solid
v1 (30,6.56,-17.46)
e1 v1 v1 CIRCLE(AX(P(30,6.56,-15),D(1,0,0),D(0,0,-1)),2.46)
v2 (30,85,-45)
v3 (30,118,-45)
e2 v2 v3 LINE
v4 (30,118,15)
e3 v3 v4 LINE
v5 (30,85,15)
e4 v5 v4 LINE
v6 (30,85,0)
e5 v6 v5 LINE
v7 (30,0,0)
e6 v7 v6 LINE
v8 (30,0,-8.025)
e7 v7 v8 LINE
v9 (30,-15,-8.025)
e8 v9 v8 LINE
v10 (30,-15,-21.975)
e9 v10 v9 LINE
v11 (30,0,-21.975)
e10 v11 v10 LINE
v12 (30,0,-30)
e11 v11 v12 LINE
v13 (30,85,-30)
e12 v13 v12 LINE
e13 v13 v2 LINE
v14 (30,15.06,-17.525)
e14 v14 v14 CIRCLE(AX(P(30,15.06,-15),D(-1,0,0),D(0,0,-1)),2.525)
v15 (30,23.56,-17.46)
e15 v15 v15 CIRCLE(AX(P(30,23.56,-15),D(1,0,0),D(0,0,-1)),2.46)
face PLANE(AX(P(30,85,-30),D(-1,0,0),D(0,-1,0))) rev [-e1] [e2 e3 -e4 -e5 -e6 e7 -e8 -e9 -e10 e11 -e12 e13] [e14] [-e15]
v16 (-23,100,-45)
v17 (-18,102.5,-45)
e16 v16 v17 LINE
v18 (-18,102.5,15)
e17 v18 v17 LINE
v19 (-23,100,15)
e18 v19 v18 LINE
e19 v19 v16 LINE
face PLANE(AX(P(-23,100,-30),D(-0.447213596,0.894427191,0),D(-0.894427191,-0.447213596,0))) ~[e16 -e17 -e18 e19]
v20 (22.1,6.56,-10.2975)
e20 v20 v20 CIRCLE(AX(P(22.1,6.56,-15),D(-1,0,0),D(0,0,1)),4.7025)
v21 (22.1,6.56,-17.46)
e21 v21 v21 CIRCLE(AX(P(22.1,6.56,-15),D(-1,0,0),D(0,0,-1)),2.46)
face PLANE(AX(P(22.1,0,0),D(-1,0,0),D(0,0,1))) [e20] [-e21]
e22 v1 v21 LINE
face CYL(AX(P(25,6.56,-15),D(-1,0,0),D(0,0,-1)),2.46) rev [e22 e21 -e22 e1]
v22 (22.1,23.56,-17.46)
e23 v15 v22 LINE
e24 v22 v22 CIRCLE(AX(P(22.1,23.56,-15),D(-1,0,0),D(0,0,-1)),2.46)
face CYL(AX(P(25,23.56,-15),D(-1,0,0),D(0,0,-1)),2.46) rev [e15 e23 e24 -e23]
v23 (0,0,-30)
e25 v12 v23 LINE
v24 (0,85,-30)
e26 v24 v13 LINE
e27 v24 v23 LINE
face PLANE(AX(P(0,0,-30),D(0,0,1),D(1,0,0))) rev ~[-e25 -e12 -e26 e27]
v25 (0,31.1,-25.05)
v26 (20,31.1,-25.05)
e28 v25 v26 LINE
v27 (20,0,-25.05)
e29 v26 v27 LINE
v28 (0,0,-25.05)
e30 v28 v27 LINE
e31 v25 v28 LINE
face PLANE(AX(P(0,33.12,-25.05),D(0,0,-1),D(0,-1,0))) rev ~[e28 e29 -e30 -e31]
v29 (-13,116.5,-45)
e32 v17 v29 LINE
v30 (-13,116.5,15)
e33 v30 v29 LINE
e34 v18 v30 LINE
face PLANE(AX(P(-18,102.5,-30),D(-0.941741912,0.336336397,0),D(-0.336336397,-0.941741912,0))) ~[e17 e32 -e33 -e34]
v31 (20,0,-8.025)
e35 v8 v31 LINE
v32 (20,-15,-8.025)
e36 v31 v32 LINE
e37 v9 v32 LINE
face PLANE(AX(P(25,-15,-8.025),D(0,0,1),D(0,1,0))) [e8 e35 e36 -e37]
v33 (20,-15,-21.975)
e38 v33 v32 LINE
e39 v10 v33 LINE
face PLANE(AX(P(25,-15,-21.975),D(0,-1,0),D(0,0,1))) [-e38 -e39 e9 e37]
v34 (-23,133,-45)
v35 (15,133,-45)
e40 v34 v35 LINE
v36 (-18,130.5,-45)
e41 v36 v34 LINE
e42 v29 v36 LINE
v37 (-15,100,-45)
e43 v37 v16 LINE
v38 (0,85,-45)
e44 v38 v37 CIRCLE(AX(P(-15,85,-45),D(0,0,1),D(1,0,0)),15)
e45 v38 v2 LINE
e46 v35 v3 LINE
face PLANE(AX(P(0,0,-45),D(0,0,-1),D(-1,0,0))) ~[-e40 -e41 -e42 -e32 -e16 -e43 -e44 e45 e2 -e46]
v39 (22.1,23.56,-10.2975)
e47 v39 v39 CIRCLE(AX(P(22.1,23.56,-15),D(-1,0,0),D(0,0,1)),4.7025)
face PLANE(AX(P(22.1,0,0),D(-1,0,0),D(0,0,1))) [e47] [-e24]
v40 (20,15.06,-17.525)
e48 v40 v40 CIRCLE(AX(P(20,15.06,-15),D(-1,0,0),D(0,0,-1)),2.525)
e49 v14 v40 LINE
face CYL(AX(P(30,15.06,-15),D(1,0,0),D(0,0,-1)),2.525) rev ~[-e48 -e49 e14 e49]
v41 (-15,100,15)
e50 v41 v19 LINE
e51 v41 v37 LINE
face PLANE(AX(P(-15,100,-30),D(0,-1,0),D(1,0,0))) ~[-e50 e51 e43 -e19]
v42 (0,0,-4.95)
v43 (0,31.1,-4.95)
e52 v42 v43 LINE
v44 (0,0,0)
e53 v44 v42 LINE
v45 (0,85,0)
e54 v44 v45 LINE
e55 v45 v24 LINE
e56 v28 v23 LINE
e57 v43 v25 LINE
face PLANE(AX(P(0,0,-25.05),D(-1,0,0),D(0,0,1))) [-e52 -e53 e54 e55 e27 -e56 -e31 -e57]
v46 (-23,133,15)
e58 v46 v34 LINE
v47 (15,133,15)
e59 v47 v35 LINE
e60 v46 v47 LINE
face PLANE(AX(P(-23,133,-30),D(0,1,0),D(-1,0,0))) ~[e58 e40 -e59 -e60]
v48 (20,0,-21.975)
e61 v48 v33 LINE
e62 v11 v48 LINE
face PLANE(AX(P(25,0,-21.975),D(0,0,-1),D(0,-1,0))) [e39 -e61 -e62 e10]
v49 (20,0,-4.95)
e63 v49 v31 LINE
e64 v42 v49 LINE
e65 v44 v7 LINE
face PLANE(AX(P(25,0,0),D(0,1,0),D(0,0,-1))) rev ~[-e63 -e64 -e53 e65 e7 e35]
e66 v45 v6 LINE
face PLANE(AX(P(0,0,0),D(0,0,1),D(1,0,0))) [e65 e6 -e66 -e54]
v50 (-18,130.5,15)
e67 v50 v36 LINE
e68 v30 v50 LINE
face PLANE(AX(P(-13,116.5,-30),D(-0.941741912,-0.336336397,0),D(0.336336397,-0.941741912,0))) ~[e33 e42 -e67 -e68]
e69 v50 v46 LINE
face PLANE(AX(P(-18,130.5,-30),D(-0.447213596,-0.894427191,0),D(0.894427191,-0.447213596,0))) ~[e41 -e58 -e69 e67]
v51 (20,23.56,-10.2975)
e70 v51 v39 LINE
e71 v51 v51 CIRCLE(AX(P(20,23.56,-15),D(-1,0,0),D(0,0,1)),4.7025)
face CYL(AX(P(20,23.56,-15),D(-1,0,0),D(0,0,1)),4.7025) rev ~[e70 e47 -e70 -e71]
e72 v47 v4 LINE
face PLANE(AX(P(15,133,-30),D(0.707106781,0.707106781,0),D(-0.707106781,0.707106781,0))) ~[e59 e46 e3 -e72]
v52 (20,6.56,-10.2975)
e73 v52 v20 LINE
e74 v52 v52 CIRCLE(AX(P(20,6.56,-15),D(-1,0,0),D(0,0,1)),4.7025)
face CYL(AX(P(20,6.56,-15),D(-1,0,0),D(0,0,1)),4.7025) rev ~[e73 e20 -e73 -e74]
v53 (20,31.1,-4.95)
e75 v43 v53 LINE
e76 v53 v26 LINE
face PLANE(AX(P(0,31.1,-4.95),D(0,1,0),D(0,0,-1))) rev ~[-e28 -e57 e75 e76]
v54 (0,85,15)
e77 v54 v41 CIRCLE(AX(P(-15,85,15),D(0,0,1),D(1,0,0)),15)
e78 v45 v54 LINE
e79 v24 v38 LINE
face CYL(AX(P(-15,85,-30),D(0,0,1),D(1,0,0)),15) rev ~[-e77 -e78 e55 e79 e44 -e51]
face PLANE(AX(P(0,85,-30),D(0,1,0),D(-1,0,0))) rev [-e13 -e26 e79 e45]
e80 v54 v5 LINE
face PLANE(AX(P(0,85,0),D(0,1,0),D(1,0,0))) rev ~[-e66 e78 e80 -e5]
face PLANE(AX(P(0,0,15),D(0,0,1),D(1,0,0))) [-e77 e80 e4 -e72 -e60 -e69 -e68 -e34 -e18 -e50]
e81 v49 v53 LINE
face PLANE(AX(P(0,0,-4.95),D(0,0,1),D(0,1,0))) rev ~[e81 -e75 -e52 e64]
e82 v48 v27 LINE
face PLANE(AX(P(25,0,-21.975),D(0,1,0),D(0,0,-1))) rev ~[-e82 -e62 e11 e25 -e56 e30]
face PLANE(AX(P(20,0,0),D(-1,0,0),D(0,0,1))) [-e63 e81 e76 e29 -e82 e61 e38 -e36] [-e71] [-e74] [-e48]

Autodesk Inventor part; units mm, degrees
ref_plane "YZ Plane" through (0, 0, 0) normal (1, 0, 0) x (0, 1, 0)
ref_plane "XZ Plane" through (0, 0, 0) normal (0, 1, 0) x (-1, 0, 0)
sketch "Sketch1" plane through (0, 0, 0) normal (0, 0, 1) x (1, 0, 0)
  line L0 (0, 0) -> (25, 0)
  line L1 (25, 0) -> (25, 40)
  line L2 (25, 40) -> (0, 40)
  line L3 (0, 40) -> (0, 0)
  dimension "d1" = 25
  dimension "d2" = 40
  dimension "d3" = 25
extrude "Extrusion1" add sketch "Sketch1" against normal blind 30
sketch "Sketch2" plane through (25, 0, 0) normal (1, 0, 0) x (0, 0, -1)
  line L0 (0, 0) -> (30, 0) projected
  circle A0 centre (15, 6.56) radius 2.46
extrude "Extrusion2" cut sketch "Sketch2" against normal blind 30
sketch "Sketch3" plane through (0, 0, 0) normal (-1, 0, 0) x (0, 0, 1)
  line L0 (0, 0) -> (-30, 0) projected
  line L1 (-25.05, 0) -> (-4.95, 0)
  line L2 (-4.95, 0) -> (-4.95, 33.12)
  line L3 (-4.95, 33.12) -> (-25.05, 33.12)
  line L4 (-25.05, 33.12) -> (-25.05, 0)
  dimension "d11" = 20.1
extrude "Extrusion3" cut sketch "Sketch3" against normal blind 20
sketch "Sketch4" plane through (0, 0, 0) normal (0, -1, 0) x (1, 0, 0)
  line L0 (20, -4.95) -> (20, -25.05) projected
  line L1 (20, -15) -> (25, -15)
  line L2 (25, 0) -> (25, -30) projected
  line L3 (20, -8.025) -> (25, -8.025)
  line L4 (25, -8.025) -> (25, -21.975)
  line L5 (25, -21.975) -> (20, -21.975)
  line L6 (20, -21.975) -> (20, -8.025)
  line L7 (20, -8.025) -> (25, -21.975) construction
  line L8 (25, -8.025) -> (20, -21.975) construction
  line L9 (25, -12.54) -> (25, -17.46) projected
  point P0 (0, 0)
  point P1 (22.5, -15)
  dimension "d14" = 13.95
extrude "Extrusion4" add sketch "Sketch4" along normal blind 15
sketch "Sketch5" plane through (20, 0, 0) normal (-1, 0, 0) x (0, 0, 1)
  circle A0 centre (-15, 6.56) radius 2.46 projected
  circle A1 centre (-15, 6.56) radius 4.7025
  circle A2 centre (-15, 6.56) radius 2.46 projected
  circle A3 centre (-15, 6.56) radius 2.46
  point P0 (0, 0)
  dimension "d17" = 9.405
extrude "Extrusion5" cut sketch "Sketch5" against normal blind 2.1
sketch "Sketch6" plane through (25, 0, 0) normal (1, 0, 0) x (0, 0, -1)
  circle A0 centre (15, 6.56) radius 4.7025 projected
  line L0 (15, 6.56) -> (15, 23.56)
  circle A1 centre (15, 23.56) radius 2.46
  point P0 (0, 0)
  dimension "d20" = 17
  dimension "d21" = 4.92
extrude "Extrusion6" cut sketch "Sketch6" against normal blind 10 contours A1
sketch "Sketch7" plane through (20, 0, 0) normal (-1, 0, 0) x (0, 0, 1)
  circle A0 centre (-15, 23.56) radius 2.46 projected
  circle A1 centre (-15, 23.56) radius 4.7025
  point P0 (0, 0)
  dimension "d24" = 9.405
extrude "Extrusion7" cut sketch "Sketch7" against normal blind 2.1
sketch "Sketch9" plane through (25, 0, 0) normal (1, 0, 0) x (0, 0, -1)
  circle A0 centre (15, 6.56) radius 2.46 projected
  circle A1 centre (15, 6.56) radius 2.46
  circle A2 centre (15, 23.56) radius 2.46 projected
  circle A3 centre (15, 23.56) radius 2.46
  line L0 (30, 40) -> (30, 0) projected
  line L1 (30, 0) -> (30, 40)
  line L2 (30, 40) -> (0, 40)
  line L3 (0, 40) -> (0, 0)
  line L4 (0, 0) -> (8.025, 0) projected
  line L5 (21.975, 0) -> (21.975, -15)
  line L6 (21.975, -15) -> (8.025, -15)
  line L7 (8.025, -15) -> (8.025, 0)
  line L8 (0, 0) -> (8.025, 0)
  line L9 (21.975, 0) -> (30, 0)
extrude "Extrusion8" add sketch "Sketch9" along normal blind 5
sketch "Sketch10" plane through (0, 40, 0) normal (0, 1, 0) x (1, 0, 0)
  line L0 (0, 30) -> (30, 30) projected
  line L1 (30, 0) -> (0, 0) projected
  line L2 (0, 30) -> (30, 30)
  line L3 (30, 30) -> (30, 0)
  line L4 (30, 0) -> (0, 0)
  line L5 (0, 0) -> (0, 30)
extrude "Extrusion9" add sketch "Sketch10" along normal blind 30
sketch "Sketch12" plane through (30, 0, 0) normal (1, 0, 0) x (0, 0, -1)
  circle A0 centre (15, 6.56) radius 2.46 projected
  line L0 (15, 6.56) -> (15, 15.06)
  circle A1 centre (15, 15.06) radius 2.525
  point P0 (0, 0)
  dimension "d31" = 8.5
  dimension "d33" = 5.05
extrude "Extrusion10" cut sketch "Sketch12" against normal blind 30 contours A1
sketch "Sketch14" plane through (0, 0, 0) normal (0, 0, 1) x (1, 0, 0)
  line L0 (30, 70) -> (0, 70) projected
  line L1 (0, 70) -> (0, 85)
  line L2 (-15, 100) -> (-23, 100)
  line L3 (30, 0) -> (30, 70) projected
  line L4 (30, 118) -> (30, 70)
  arc A0 (0, 85) -> (-15, 100) centre (-15, 85) ccw
  line L5 (30, 105) -> (30, 100)
  line L6 (-23, 133) -> (15, 133)
  line L7 (-18, 130.5) -> (-23, 133)
  line L8 (-18, 130.5) -> (-13, 116.5)
  line L9 (-18, 102.5) -> (-23, 100)
  line L10 (-18, 102.5) -> (-13, 116.5)
  line L11 (30, 118) -> (15, 133)
  point P0 (0, 0)
  point P1 (0, 100)
  dimension "d47" = 30
  dimension "d54" = 15
extrude "Extrusion12" add sketch "Sketch14" against normal blind 30
sketch "Sketch15" plane through (0, 0, -25.05) normal (-1, 0, 0) x (0, 0, 1)
  line L0 (0, 33.12) -> (20.1, 33.12) projected
  line L1 (20.1, 33.12) -> (20.1, 0) projected
  line L2 (0, 33.12) -> (20.1, 33.12)
  line L3 (20.1, 33.12) -> (20.1, 31.1)
  line L4 (20.1, 31.1) -> (0, 31.1)
  line L5 (0, 31.1) -> (0, 33.12)
  point P0 (25.05, 0)
  dimension "d57" = 2.02
extrude "Extrusion13" add sketch "Sketch15" against normal blind 20
sketch "Sketch21" plane through (0, 0, 0) normal (0, 0, 1) x (1, 0, 0)
  arc A0 (0, 85) -> (-15, 100) centre (-15, 85) ccw projected
  arc A1 (0, 85) -> (-15, 100) centre (-15, 85) ccw
  line L0 (-15, 100) -> (-23, 100) projected
  line L1 (-15, 100) -> (-23, 100)
  line L2 (-23, 100) -> (-18, 102.5) projected
  line L3 (-23, 100) -> (-18, 102.5)
  line L4 (-18, 102.5) -> (-13, 116.5) projected
  line L5 (-18, 102.5) -> (-13, 116.5)
  line L6 (-13, 116.5) -> (-18, 130.5) projected
  line L7 (-13, 116.5) -> (-18, 130.5)
  line L8 (-18, 130.5) -> (-23, 133) projected
  line L9 (-18, 130.5) -> (-23, 133)
  line L10 (-23, 133) -> (15, 133) projected
  line L11 (-23, 133) -> (15, 133)
  line L12 (15, 133) -> (30, 118) projected
  line L13 (15, 133) -> (30, 118)
  line L14 (0, 85) -> (30, 85)
  line L15 (30, 85) -> (30, 118)
  point P0 (0, 0)
extrude "Extrusion14" add sketch "Sketch21" along normal blind 15
ref_plane "Work Plane1" through (0, 0, -15) normal (0, 0, 1) x (1, 0, 0)
mirror "Mirror1" about plane through (0, 0, -15) normal (0, 0, 1) of "Extrusion14"
properties part number "28mm_x_60mm"
